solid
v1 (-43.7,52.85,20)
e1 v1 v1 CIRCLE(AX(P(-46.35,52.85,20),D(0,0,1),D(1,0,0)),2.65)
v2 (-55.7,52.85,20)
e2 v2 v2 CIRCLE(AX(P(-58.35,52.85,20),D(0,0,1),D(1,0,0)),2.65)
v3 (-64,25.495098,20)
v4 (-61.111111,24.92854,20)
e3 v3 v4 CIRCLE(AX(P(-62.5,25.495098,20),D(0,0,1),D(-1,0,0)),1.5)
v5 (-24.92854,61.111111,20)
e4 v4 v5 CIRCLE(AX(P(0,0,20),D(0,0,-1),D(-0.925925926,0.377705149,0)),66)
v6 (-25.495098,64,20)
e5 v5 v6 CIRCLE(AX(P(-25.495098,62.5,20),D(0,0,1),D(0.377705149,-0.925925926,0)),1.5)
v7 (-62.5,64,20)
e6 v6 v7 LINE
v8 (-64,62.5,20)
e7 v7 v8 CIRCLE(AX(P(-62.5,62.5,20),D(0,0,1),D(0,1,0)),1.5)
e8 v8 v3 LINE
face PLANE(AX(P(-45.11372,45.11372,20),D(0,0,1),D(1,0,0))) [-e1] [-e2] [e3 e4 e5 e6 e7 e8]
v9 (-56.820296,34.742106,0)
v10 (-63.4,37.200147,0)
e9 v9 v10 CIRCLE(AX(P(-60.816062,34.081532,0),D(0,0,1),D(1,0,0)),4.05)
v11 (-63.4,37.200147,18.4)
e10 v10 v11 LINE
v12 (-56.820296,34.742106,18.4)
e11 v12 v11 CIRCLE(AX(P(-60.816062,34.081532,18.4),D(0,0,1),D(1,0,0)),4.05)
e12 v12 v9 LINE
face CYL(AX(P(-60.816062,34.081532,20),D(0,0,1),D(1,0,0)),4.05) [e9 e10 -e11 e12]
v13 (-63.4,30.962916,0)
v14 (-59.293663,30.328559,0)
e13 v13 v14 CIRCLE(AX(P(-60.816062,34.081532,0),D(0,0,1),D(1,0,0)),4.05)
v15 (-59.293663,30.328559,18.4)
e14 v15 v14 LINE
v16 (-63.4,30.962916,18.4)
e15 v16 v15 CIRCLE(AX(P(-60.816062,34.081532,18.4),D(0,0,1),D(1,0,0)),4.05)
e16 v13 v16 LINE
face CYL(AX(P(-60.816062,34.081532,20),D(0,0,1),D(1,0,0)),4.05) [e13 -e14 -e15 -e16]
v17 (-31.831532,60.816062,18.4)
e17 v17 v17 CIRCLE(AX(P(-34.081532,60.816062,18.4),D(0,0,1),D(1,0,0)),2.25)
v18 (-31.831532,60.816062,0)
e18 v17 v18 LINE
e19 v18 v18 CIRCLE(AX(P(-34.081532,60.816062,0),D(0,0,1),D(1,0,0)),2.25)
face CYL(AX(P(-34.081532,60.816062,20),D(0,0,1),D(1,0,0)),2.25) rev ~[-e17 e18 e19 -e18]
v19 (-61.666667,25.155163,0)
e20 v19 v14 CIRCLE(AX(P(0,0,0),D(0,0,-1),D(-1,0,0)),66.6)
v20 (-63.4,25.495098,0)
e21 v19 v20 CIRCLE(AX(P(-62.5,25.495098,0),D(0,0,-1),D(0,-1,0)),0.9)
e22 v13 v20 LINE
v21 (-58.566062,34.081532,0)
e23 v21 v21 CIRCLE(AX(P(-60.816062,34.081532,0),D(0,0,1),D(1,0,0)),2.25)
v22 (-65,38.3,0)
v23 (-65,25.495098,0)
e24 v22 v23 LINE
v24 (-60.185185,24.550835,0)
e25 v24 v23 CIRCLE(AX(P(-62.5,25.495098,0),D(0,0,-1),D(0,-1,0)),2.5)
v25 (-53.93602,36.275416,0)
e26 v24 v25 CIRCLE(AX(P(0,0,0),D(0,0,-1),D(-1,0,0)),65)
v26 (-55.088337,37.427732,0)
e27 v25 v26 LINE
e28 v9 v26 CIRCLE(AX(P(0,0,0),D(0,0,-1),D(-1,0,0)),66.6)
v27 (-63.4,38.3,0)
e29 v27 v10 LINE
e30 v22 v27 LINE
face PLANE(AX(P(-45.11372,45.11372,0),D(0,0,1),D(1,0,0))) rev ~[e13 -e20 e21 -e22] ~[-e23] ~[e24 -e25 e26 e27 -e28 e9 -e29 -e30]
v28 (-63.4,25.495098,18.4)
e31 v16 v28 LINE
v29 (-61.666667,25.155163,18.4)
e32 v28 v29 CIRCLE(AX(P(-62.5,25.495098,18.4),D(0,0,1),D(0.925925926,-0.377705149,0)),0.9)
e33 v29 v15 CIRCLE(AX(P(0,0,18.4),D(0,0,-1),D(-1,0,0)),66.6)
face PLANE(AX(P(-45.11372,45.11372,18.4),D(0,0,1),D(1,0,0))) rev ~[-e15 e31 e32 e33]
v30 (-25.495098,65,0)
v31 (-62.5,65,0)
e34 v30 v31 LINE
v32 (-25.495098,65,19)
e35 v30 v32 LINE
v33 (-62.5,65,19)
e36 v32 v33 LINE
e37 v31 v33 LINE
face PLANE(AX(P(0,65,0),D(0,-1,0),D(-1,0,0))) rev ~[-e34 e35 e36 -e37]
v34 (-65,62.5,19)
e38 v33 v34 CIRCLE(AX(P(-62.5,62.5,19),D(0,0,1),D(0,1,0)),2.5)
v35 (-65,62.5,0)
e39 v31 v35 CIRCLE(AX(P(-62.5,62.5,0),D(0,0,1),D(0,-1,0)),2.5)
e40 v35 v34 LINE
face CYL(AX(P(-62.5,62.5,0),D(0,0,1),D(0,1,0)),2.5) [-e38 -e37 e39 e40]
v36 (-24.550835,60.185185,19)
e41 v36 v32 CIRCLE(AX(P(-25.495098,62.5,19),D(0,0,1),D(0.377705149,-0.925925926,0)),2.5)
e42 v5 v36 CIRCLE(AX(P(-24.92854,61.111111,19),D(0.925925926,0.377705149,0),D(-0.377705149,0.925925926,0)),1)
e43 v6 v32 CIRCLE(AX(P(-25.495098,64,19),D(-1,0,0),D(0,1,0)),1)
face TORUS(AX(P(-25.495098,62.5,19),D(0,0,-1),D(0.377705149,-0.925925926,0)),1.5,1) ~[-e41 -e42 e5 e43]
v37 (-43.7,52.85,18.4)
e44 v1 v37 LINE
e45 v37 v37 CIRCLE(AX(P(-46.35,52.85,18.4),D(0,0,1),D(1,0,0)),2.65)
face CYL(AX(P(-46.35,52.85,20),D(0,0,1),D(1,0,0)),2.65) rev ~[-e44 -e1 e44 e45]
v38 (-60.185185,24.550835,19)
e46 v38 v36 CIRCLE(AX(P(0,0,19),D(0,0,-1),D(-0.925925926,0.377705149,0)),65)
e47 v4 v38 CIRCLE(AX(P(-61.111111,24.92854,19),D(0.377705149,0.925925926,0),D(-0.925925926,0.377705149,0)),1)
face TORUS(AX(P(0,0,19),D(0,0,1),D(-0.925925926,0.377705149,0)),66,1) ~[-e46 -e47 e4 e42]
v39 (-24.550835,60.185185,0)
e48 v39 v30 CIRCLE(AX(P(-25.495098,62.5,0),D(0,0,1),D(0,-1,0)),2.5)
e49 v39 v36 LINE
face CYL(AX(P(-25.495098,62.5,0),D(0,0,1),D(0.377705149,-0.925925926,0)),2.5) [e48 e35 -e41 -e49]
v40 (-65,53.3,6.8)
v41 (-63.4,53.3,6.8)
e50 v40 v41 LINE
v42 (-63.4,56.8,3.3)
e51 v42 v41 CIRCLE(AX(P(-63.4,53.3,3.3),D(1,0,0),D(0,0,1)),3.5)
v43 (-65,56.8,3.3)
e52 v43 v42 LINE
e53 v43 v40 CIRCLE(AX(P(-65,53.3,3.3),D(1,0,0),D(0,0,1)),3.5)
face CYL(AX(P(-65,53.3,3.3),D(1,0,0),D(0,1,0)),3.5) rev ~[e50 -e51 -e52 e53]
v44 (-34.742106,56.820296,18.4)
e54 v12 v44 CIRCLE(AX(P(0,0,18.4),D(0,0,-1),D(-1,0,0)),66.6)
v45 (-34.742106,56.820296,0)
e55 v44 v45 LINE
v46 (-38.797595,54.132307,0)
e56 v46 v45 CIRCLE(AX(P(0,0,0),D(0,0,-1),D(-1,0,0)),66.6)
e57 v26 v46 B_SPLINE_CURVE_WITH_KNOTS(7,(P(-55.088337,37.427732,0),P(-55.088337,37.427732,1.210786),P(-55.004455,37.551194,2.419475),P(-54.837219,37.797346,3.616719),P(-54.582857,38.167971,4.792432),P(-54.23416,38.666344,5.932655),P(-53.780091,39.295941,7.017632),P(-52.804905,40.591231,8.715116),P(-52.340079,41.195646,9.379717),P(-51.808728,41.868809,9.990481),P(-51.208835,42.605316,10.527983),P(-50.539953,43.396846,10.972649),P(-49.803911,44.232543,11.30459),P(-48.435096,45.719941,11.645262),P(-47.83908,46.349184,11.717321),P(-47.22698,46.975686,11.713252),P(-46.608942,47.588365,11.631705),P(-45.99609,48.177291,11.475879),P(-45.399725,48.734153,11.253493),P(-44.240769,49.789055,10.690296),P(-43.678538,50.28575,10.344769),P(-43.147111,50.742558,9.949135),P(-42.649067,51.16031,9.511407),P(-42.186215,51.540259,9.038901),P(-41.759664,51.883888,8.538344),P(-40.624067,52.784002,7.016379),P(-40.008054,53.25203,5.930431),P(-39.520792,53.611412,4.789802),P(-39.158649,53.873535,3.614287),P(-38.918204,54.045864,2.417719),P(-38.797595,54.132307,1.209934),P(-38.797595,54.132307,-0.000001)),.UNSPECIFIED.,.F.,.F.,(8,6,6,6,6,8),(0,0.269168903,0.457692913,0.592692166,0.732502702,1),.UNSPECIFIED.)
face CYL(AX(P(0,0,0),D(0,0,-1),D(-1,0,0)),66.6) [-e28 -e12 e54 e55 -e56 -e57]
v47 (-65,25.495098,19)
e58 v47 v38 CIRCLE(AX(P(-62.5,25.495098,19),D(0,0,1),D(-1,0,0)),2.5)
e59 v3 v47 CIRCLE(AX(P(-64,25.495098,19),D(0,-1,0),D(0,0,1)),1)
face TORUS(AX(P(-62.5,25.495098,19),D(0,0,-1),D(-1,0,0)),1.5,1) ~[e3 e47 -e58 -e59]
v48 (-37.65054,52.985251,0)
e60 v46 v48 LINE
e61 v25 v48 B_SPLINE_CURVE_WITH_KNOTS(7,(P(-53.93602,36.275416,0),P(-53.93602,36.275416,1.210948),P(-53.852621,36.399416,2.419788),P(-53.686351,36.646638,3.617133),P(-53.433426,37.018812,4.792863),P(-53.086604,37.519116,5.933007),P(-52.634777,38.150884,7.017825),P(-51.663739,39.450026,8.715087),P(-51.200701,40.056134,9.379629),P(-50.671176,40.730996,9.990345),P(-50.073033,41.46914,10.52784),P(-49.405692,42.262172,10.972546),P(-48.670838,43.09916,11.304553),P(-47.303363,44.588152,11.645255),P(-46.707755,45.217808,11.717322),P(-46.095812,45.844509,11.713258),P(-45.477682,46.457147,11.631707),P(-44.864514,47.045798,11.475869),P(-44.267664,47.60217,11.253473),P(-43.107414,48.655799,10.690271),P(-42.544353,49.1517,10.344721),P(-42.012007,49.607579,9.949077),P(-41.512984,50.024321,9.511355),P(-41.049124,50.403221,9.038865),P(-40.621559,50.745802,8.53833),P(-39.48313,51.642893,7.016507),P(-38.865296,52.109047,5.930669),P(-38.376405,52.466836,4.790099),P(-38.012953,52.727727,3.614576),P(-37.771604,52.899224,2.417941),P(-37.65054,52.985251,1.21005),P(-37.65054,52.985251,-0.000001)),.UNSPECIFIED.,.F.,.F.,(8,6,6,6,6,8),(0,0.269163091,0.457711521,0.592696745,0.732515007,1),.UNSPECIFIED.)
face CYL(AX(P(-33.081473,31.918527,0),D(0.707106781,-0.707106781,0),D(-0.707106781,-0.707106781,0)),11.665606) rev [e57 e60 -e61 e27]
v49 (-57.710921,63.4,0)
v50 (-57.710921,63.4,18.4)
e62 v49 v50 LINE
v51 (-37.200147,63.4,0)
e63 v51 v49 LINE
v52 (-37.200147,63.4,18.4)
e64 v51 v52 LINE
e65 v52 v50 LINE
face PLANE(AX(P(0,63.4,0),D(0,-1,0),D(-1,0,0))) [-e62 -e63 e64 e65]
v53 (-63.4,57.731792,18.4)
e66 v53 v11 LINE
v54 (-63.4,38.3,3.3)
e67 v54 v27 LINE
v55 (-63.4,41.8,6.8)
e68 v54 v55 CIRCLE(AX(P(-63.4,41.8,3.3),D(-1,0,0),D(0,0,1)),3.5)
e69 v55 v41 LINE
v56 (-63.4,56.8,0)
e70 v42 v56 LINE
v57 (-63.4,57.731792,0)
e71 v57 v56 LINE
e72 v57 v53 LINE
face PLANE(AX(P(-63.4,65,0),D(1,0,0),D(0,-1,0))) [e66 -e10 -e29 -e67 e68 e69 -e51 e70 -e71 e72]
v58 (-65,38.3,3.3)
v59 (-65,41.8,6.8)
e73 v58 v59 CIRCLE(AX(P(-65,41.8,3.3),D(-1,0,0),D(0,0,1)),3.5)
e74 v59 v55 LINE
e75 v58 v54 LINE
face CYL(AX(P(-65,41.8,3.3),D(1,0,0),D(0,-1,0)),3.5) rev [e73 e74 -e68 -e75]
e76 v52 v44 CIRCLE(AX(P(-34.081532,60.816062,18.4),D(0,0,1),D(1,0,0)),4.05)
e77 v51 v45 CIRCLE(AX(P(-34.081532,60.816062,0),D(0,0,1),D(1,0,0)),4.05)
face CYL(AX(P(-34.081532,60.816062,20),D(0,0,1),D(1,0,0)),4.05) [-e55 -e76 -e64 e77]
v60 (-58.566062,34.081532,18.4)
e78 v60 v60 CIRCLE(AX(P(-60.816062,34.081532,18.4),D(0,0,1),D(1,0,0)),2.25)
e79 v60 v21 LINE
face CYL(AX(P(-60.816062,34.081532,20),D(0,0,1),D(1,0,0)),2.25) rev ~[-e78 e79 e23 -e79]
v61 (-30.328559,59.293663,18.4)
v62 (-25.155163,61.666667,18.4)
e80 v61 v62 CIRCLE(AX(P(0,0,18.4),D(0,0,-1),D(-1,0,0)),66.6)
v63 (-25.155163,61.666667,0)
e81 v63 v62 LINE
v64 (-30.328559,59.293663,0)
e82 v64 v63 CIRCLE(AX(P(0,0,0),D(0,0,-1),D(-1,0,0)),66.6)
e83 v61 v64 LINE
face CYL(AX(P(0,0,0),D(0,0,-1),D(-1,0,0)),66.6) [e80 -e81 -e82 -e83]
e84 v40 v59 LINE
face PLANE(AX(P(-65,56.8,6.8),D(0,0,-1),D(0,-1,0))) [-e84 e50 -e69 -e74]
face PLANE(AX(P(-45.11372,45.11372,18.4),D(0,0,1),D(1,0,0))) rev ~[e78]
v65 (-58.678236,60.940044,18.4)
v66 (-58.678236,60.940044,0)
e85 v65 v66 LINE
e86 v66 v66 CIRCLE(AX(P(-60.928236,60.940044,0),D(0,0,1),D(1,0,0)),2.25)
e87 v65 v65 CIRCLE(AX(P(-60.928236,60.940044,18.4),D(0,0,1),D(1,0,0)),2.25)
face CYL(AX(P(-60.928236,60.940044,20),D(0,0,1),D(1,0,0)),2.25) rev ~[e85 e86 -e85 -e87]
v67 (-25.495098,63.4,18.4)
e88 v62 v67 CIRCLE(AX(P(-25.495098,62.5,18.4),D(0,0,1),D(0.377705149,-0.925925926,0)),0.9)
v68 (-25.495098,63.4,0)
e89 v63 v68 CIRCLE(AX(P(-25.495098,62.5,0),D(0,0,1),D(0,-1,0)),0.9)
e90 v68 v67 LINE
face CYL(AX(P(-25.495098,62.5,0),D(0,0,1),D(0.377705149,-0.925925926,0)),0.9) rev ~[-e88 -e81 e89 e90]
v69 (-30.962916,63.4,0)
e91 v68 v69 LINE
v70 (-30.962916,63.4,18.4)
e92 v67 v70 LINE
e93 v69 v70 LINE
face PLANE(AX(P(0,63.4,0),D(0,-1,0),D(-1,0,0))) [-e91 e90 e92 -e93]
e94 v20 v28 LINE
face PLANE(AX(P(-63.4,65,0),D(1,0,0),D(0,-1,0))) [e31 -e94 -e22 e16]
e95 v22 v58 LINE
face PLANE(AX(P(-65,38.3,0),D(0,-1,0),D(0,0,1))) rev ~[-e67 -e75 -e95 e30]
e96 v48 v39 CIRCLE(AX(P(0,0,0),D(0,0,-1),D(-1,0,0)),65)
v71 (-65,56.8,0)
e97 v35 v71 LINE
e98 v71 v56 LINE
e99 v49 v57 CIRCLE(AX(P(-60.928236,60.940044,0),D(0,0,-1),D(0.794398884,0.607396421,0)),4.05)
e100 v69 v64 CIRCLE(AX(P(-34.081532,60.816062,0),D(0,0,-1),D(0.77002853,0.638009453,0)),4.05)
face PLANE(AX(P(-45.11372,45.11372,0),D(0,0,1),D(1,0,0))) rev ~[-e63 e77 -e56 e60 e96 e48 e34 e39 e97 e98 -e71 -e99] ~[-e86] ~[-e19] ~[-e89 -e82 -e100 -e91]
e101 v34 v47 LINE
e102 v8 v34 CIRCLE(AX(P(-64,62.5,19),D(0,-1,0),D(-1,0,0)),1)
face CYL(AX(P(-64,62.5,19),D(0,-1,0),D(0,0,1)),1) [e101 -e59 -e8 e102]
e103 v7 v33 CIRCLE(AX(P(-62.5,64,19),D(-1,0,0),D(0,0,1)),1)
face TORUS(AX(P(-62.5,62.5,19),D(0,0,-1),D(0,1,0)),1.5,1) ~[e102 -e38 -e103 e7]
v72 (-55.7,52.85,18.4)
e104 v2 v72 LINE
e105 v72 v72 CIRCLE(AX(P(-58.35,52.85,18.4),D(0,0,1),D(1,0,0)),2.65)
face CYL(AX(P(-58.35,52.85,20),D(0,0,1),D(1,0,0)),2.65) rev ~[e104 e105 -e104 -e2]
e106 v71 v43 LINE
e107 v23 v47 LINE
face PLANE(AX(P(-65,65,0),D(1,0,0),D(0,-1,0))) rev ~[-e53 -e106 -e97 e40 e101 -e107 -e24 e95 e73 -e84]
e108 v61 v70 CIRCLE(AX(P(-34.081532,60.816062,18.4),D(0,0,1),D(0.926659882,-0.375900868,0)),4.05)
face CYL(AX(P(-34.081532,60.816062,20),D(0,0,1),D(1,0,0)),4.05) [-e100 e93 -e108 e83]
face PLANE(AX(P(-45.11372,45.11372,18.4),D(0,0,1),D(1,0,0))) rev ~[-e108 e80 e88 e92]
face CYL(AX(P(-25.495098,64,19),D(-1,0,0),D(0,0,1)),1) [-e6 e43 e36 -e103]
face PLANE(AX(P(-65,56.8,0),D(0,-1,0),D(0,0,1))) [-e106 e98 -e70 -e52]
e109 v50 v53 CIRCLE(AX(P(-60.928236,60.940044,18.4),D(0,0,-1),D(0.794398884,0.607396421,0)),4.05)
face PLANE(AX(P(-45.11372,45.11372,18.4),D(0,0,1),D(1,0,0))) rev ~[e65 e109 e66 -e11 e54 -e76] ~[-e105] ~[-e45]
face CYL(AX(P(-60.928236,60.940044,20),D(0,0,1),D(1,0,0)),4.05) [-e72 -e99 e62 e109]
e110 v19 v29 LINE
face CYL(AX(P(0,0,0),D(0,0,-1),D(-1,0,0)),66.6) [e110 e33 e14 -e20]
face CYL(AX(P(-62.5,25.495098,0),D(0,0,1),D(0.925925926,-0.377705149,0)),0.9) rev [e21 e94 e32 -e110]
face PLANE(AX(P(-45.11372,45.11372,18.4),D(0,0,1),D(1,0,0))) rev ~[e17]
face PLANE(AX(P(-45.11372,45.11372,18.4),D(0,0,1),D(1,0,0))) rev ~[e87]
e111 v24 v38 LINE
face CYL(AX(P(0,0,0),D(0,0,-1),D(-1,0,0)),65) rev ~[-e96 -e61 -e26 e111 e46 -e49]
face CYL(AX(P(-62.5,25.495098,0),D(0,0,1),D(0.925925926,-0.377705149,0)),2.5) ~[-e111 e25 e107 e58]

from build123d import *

# Parameters (mm, degrees)
F1_DEPTH  = 20
F2_R      = 2.5
F3_T      = -1.6
F4_R      = 4.05
F4_R_2    = 2.25
F5_DEPTH  = 20
F6_W      = 18.5
F6_H      = 6.8
F7_DEPTH  = 7.7
F9_R      = 11.6656058432
F10_DEPTH = 24.5
F11_R     = 3.5
F12_R     = 1
F4_R_3    = 2.65
F13_DEPTH = 25


with BuildPart() as f1:
    # F0 (on Top) → F1 (new body)
    with BuildSketch(Plane.XY):
        with BuildLine():
            ThreePointArc((-65, 0), (-45.9619407771, 45.9619407771), (0, 65))
            Line((0, 65), (-65, 65))
            Line((-65, 65), (-65, 60))
            Line((-65, 60), (-65, 41.2))
            Line((-65, 41.2), (-65, 0))
        make_face()
    extrude(amount=F1_DEPTH)

    # F2
    f2_edges = [f1.edges().sort_by_distance(p)[0] for p in [
        (-65, 0, 10),
        (0, 65, 10),
        (-65, 65, 10),
    ]]
    fillet(f2_edges, radius=F2_R)

    # F3
    f3_openings = [f1.faces().sort_by_distance(p)[0] for p in [
        (-51.245763, 51.245763, 0),
    ]]
    offset(amount=F3_T, openings=f3_openings)

    # F4 (on face) → F5 (join)
    with BuildSketch(Plane.XY.offset(20)):
        with Locations((-60.9282360965, 60.9400444936)):
            Circle(F4_R)
        with Locations((-60.9282360965, 60.9400444936)):
            Circle(F4_R_2, mode=Mode.SUBTRACT)
        with Locations((-60.8160617149, 34.0815317436)):
            Circle(F4_R)
        with Locations((-60.8160617149, 34.0815317436)):
            Circle(F4_R_2, mode=Mode.SUBTRACT)
        with Locations((-34.0815317436, 60.8160617149)):
            Circle(F4_R)
        with Locations((-34.0815317436, 60.8160617149)):
            Circle(F4_R_2, mode=Mode.SUBTRACT)
    extrude(amount=-F5_DEPTH)

    # F6 (on face) → F7 (cut)
    with BuildSketch(Plane(origin=(-65, 0, 0), x_dir=(0, -1, 0), z_dir=(-1, 0, 0))):
        with Locations((-47.55, 3.4)):
            Rectangle(F6_W, F6_H)
    extrude(amount=-F7_DEPTH, mode=Mode.SUBTRACT)

    # F9 (on face) → F10 (cut)
    with BuildSketch(Plane(origin=(-32.5, 32.5, 0), x_dir=(-0.7071067812, -0.7071067812, 0), z_dir=(-0.7071067812, 0.7071067812, 0))):
        with Locations((0.8223271579, 0)):
            Circle(F9_R)
    extrude(amount=F10_DEPTH, mode=Mode.SUBTRACT)

    # F11
    f11_edges = [f1.edges().sort_by_distance(p)[0] for p in [
        (-64.2, 38.3, 6.8),
        (-64.2, 56.8, 6.8),
    ]]
    fillet(f11_edges, radius=F11_R)

    # F12
    f12_edges = [f1.edges().sort_by_distance(p)[0] for p in [
        (-45.961941, 45.961941, 20),
        (-23.041831, 62.981125, 20),
        (-43.997549, 65, 20),
        (-62.981125, 23.041831, 20),
        (-65, 43.997549, 20),
    ]]
    fillet(f12_edges, radius=F12_R)

    # F4 (on face) → F13 (cut)
    with BuildSketch(Plane.XY.offset(20)):
        with Locations((-58.35, 52.85)):
            Circle(F4_R_3)
        with Locations((-46.35, 52.85)):
            Circle(F4_R_3)
    extrude(amount=-F13_DEPTH, mode=Mode.SUBTRACT)


solid = f1.part
